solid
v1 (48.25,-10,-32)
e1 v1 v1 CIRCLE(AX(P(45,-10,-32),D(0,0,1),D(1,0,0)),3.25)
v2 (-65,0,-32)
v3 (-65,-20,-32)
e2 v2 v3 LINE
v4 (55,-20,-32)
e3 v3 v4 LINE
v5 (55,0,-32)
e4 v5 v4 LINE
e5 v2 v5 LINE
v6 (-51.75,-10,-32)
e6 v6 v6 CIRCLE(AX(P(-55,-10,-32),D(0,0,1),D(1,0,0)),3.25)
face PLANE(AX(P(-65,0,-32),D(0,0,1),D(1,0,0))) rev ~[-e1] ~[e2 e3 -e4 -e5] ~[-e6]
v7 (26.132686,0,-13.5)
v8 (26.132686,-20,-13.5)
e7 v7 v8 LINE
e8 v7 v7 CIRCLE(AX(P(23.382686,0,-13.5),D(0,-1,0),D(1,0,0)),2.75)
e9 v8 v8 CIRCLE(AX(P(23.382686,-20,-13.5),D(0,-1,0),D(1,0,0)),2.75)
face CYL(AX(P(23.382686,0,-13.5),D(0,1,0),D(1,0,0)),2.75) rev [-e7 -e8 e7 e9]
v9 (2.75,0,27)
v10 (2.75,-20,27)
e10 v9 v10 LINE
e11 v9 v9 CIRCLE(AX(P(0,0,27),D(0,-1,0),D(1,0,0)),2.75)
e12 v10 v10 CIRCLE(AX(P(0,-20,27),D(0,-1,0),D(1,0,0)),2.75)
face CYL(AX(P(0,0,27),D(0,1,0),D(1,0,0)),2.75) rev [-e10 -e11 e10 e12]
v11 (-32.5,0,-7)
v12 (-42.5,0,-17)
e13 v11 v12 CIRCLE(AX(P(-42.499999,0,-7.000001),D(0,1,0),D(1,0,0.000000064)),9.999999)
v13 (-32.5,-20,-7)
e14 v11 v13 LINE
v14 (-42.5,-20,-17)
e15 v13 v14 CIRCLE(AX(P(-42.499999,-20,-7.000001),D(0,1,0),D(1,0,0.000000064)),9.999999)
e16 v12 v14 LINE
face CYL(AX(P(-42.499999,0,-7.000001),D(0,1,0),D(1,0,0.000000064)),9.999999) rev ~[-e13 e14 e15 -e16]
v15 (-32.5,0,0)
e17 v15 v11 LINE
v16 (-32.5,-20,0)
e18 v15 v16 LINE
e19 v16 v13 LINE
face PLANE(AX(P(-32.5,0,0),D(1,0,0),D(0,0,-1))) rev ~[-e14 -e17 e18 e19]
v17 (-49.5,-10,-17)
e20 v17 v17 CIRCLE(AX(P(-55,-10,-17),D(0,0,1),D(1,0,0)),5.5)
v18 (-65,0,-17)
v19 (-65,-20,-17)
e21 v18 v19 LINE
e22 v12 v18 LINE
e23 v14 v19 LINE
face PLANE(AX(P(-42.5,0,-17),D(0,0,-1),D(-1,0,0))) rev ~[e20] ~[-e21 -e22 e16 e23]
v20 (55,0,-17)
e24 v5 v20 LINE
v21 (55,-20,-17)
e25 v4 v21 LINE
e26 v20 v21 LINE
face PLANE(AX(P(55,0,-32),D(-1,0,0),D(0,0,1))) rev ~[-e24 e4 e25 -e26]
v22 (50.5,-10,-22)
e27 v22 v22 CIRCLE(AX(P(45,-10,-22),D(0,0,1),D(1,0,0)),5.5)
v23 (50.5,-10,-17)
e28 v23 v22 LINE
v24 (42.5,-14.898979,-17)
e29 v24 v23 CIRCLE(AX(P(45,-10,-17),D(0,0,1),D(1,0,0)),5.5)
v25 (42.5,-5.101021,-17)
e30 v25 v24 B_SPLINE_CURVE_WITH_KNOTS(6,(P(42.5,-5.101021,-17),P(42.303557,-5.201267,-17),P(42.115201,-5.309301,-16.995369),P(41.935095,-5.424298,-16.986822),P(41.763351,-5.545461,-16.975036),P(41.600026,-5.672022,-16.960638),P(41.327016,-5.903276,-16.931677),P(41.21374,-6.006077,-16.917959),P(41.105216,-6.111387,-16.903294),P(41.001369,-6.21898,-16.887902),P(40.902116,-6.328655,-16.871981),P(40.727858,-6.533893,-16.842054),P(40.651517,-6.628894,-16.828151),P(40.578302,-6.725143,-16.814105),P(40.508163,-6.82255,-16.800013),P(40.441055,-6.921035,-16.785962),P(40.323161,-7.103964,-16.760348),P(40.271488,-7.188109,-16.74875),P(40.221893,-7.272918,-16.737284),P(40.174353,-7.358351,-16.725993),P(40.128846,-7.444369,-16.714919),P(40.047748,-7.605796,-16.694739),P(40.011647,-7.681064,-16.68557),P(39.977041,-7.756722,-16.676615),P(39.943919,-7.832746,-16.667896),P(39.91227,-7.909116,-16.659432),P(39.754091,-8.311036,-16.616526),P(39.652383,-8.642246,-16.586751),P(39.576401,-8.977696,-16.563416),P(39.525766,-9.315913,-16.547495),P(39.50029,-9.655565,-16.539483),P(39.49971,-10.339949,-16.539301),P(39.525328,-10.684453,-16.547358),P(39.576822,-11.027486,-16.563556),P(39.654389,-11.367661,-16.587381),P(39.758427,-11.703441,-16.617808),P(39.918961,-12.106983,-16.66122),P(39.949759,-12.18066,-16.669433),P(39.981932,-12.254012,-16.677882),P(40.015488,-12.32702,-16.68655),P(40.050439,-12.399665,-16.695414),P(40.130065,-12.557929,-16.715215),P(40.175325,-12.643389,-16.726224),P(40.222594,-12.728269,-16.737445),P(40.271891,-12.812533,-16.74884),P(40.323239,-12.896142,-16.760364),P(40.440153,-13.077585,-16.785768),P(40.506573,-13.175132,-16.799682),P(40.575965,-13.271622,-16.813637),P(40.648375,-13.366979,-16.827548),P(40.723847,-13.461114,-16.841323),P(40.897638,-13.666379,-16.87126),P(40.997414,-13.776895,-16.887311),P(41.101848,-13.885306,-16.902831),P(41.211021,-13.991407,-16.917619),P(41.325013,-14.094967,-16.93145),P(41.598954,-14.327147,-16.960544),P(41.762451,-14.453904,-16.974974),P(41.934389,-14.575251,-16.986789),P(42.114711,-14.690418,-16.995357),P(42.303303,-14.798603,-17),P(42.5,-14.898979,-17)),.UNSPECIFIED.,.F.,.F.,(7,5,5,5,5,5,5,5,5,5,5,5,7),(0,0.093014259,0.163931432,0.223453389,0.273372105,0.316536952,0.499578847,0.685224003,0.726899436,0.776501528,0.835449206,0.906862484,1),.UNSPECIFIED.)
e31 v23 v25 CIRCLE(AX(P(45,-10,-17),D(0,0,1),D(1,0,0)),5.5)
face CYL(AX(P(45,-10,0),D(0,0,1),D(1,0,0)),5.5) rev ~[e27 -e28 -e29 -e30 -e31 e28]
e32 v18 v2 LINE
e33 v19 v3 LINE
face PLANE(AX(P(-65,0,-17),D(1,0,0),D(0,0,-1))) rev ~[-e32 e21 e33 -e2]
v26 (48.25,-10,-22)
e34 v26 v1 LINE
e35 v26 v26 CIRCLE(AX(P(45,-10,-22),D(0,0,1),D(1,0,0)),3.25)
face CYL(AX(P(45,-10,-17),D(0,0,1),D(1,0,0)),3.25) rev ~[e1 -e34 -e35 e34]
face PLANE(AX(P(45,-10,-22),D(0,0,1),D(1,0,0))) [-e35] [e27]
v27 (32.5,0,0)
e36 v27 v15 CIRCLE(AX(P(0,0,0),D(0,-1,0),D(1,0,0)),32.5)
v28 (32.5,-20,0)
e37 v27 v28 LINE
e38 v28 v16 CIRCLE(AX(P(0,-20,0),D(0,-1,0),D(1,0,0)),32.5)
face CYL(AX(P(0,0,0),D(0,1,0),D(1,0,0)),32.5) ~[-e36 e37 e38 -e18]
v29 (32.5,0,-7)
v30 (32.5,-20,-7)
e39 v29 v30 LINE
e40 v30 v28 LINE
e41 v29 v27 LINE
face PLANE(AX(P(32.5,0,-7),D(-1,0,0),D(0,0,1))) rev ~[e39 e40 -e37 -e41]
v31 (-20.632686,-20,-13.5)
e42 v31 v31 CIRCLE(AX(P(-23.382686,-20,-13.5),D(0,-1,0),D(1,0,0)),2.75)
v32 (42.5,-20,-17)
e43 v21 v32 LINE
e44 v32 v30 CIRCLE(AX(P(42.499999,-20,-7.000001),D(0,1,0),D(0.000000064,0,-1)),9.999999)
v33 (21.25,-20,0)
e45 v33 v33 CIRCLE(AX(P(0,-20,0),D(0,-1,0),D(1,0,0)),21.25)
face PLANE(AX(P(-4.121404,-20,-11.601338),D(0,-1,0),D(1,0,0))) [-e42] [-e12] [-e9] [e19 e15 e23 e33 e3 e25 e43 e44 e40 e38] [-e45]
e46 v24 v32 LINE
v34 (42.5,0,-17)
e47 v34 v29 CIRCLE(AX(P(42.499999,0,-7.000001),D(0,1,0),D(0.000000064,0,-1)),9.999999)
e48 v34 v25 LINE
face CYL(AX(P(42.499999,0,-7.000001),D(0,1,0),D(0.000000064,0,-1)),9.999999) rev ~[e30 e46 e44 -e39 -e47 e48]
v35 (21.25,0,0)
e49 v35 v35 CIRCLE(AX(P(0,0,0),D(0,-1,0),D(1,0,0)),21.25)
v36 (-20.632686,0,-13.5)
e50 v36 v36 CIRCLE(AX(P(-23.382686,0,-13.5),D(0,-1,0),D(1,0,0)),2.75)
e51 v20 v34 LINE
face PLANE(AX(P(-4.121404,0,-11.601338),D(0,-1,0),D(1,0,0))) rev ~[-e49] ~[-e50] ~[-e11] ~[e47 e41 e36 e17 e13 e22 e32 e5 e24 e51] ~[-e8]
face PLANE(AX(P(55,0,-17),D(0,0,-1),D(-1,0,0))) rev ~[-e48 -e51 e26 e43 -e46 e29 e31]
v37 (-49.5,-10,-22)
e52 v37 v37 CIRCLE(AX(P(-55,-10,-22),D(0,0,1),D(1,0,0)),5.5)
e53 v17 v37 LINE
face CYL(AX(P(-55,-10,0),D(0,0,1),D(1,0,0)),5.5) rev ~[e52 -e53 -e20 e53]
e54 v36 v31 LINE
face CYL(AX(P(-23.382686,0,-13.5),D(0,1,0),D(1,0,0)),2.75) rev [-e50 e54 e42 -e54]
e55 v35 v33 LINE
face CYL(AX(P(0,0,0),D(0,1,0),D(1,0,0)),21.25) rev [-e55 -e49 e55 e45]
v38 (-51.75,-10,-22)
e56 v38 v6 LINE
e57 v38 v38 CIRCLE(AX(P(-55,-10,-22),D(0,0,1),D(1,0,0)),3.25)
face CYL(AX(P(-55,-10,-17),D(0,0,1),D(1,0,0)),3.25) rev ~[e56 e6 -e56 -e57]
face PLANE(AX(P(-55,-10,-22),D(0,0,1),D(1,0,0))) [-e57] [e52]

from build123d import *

# Parameters (mm, degrees)
F0_R     = 2.75
F0_R_2   = 21.25
F1_DEPTH = 20
F2_R     = 3.25
F3_DEPTH = 25
F4_R     = 5.5
F5_DEPTH = 22


with BuildPart() as f1:
    # F0 (on Front) → F1 (new body)
    with BuildSketch(Plane.XZ):
        with BuildLine():
            Line((32.5, -7), (32.5, 0))
            ThreePointArc((32.5, 0), (0, 32.5), (-32.5, 0))
            Line((-32.5, 0), (-32.5, -7))
            ThreePointArc((-32.5, -7), (-35.428932, -14.071068), (-42.5, -17))
            Line((-42.5, -17), (-65, -17))
            Line((-65, -17), (-65, -32))
            Line((-65, -32), (-32.5, -32))
            Line((-32.5, -32), (32.5, -32))
            Line((32.5, -32), (55, -32))
            Line((55, -32), (55, -17))
            Line((55, -17), (42.5, -17))
            ThreePointArc((42.5, -17), (35.428932, -14.071068), (32.5, -7))
        make_face()
        with Locations((-23.382686, -13.5)):
            Circle(F0_R, mode=Mode.SUBTRACT)
        with Locations((23.382686, -13.5)):
            Circle(F0_R, mode=Mode.SUBTRACT)
        Circle(F0_R_2, mode=Mode.SUBTRACT)
        with Locations((0, 27)):
            Circle(F0_R, mode=Mode.SUBTRACT)
    extrude(amount=F1_DEPTH)

    # F2 (on face) → F3 (cut)
    with BuildSketch(Plane.XY.offset(-17)):
        with Locations((-55, -10)):
            Circle(F2_R)
        with Locations((45, -10)):
            Circle(F2_R)
    extrude(amount=-F3_DEPTH, mode=Mode.SUBTRACT)

    # F4 (on Top) → F5 (cut)
    with BuildSketch(Plane.XY):
        with Locations((-55, -10)):
            Circle(F4_R)
        with Locations((45, -10)):
            Circle(F4_R)
    extrude(amount=-F5_DEPTH, mode=Mode.SUBTRACT)


solid = f1.part
